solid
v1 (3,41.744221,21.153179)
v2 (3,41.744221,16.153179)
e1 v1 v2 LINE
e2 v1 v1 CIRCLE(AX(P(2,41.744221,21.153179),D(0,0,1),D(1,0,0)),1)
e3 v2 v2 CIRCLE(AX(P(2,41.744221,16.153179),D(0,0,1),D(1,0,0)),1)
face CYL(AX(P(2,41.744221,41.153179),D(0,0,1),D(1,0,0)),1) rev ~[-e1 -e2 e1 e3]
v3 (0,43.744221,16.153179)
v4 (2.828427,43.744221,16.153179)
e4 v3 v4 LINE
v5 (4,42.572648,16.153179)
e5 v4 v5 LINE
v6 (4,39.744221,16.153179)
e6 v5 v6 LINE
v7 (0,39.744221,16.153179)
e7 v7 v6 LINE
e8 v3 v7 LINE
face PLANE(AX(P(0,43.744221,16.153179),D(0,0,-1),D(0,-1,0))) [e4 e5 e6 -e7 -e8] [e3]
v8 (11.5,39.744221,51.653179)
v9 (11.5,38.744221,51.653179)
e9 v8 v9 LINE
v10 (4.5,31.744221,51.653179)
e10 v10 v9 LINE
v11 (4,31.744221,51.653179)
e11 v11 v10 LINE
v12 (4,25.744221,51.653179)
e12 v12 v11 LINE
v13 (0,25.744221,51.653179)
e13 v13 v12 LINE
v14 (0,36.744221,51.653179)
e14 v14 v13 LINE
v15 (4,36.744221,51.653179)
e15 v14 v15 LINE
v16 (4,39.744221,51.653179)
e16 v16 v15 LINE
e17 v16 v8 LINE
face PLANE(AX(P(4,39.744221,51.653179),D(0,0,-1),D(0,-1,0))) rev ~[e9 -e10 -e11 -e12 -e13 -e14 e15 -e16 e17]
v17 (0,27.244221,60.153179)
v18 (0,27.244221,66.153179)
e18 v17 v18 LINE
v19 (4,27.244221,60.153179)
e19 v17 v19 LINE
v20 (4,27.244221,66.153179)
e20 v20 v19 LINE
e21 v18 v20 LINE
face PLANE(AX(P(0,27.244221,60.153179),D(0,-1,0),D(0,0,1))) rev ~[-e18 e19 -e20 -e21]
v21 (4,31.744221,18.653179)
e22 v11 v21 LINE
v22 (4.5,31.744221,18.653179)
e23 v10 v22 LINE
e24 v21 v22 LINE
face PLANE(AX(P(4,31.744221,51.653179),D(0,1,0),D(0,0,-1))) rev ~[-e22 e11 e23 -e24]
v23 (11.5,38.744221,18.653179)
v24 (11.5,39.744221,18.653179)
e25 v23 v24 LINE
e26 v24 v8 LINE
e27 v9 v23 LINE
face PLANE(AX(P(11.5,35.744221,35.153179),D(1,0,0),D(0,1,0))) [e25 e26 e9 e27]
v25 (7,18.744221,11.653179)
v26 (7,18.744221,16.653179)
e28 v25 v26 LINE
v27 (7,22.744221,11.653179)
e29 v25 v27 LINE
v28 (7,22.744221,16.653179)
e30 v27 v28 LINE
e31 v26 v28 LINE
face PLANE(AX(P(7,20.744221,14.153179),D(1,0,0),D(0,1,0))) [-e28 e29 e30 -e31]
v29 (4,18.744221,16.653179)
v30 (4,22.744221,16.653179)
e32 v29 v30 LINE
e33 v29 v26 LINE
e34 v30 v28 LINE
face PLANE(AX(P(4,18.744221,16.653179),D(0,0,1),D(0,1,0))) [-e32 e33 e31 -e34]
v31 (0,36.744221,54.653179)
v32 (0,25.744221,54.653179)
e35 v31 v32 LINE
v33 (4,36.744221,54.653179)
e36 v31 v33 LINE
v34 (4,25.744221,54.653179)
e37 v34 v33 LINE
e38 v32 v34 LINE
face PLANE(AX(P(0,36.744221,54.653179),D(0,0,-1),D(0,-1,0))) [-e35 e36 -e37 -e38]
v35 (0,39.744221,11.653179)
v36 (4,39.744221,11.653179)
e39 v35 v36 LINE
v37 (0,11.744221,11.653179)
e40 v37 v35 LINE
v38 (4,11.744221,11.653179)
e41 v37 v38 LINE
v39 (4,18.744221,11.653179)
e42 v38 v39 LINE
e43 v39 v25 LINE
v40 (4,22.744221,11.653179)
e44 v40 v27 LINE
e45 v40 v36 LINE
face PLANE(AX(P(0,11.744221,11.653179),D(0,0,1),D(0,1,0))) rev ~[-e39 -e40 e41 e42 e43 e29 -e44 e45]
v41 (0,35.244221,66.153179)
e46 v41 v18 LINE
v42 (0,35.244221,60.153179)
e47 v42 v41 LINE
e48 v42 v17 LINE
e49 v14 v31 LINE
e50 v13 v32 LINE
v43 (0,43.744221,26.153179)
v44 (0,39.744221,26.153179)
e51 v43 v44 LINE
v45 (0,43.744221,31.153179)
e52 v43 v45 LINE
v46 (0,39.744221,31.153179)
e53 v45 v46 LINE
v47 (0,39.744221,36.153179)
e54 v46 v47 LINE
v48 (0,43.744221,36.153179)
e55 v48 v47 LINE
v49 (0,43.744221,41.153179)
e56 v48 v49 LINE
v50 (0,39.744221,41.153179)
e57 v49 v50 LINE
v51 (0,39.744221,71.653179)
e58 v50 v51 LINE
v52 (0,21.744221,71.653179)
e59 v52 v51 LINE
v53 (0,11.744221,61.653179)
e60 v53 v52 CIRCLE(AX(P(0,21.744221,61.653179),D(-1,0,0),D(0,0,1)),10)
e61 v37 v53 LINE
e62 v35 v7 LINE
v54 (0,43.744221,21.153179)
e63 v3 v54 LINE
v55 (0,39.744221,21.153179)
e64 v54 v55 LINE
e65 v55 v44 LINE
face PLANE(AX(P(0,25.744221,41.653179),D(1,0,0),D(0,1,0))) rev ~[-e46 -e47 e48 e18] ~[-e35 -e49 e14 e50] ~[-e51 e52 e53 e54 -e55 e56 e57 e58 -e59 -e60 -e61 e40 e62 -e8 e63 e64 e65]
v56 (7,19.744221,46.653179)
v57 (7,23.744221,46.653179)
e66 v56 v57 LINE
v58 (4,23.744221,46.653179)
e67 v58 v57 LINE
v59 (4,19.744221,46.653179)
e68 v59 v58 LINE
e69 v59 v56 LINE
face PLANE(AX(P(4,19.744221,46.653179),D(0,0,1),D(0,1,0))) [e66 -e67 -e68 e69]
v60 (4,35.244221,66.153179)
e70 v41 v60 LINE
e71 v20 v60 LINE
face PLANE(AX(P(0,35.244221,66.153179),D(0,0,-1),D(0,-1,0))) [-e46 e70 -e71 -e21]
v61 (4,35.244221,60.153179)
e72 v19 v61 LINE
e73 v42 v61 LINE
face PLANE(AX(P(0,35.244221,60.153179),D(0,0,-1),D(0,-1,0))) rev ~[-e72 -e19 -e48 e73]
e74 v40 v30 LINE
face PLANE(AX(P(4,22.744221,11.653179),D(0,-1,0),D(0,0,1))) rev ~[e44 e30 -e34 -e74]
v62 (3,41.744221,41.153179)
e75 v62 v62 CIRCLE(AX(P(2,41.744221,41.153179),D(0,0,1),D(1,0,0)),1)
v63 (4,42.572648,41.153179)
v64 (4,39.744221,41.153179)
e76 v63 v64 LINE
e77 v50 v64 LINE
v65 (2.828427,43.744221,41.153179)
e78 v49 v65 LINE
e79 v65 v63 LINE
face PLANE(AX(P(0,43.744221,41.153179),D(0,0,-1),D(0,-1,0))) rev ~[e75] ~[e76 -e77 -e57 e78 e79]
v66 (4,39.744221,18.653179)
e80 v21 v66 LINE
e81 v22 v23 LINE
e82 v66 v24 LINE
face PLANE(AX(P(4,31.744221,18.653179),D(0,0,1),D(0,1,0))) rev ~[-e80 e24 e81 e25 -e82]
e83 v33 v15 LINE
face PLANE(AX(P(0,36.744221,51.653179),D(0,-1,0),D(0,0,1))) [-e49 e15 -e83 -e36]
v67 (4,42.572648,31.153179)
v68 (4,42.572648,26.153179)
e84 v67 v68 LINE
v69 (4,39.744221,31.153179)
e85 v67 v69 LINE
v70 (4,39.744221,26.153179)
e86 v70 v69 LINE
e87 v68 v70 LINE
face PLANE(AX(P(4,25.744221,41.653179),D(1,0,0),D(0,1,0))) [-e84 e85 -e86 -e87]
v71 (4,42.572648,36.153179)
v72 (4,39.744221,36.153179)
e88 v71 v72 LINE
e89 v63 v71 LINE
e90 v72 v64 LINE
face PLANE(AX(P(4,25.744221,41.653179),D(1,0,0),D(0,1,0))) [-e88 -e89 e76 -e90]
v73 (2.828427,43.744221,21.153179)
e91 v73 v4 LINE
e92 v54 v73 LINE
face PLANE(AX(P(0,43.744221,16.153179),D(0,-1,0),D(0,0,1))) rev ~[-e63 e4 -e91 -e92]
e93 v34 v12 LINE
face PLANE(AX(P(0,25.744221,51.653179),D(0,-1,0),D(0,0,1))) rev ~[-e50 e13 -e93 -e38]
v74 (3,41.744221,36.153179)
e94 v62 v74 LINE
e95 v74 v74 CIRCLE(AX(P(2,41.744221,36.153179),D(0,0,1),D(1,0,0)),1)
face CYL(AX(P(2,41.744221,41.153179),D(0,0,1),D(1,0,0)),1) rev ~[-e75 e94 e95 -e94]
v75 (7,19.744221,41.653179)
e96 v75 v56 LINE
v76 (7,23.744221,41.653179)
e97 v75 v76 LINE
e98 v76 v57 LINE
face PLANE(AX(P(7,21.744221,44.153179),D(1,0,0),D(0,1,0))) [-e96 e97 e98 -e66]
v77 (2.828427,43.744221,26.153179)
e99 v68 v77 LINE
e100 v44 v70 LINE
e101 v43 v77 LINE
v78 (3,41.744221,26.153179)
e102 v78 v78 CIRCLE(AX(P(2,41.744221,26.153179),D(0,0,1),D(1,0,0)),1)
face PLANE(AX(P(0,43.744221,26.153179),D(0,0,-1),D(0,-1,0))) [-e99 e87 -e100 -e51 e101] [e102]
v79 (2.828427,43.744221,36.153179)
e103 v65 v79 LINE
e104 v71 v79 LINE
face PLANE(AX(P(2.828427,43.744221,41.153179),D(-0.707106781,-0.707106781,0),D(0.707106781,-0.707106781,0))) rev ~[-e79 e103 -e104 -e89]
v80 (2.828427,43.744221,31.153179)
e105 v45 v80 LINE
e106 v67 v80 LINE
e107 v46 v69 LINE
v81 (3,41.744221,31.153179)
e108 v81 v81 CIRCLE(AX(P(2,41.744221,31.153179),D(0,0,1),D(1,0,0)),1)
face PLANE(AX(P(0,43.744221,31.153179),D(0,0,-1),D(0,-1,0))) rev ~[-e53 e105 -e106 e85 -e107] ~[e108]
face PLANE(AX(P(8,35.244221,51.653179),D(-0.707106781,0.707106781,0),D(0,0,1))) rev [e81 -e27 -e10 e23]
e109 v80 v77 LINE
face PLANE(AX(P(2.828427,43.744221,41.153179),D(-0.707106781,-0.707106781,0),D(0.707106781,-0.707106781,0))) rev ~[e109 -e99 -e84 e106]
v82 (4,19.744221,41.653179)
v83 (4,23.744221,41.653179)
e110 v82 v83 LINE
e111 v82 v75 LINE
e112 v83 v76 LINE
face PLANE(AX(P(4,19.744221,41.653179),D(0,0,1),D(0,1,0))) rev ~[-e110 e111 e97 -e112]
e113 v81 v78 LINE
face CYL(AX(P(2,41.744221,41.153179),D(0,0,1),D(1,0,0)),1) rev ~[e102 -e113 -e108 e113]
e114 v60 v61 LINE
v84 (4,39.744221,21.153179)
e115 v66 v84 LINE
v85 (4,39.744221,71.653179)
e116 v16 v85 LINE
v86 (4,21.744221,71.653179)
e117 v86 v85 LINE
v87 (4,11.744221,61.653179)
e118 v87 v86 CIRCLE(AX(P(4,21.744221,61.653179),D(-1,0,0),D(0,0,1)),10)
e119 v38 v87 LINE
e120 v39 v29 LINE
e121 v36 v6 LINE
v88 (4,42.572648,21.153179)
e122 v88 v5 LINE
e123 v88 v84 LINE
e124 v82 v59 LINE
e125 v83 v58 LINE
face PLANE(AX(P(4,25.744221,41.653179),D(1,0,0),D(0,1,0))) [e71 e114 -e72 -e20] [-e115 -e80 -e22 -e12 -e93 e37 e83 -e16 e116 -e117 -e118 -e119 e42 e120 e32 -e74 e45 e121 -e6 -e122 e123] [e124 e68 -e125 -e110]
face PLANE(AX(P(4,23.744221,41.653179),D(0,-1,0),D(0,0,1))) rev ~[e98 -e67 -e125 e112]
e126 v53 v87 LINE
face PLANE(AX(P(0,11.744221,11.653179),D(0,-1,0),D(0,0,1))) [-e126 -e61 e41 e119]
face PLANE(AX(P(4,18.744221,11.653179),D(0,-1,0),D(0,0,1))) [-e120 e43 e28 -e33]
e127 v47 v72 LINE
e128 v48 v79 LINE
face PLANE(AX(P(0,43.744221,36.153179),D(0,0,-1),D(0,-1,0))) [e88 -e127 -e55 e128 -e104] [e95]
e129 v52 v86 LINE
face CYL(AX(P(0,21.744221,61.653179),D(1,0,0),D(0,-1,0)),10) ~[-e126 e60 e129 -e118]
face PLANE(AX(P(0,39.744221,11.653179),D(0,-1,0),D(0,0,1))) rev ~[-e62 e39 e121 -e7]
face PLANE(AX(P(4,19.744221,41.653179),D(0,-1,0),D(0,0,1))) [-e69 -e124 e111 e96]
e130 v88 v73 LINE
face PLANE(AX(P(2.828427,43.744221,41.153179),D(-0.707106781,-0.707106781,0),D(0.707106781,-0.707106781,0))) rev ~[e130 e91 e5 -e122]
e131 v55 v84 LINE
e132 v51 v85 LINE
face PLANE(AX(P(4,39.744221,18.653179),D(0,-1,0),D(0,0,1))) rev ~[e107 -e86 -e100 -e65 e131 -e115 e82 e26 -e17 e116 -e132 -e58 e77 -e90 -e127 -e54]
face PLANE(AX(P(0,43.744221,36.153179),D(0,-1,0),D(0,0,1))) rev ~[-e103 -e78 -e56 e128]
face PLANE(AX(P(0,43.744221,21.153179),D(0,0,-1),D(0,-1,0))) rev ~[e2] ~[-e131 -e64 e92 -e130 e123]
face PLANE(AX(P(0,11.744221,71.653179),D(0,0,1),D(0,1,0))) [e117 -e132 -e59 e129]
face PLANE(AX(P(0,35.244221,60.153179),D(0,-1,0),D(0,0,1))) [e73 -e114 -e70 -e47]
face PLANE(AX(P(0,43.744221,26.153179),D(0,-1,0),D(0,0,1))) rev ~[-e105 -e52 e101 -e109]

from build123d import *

# Parameters (mm, degrees)
F0_W      = 28
F0_H      = 60
F1_DEPTH  = 4
F2_W      = 4
F2_H      = 5
F3_DEPTH  = 3
F4_W      = 4
F4_H      = 5
F5_DEPTH  = 4
F6_R      = 1
F7_DEPTH  = 25
F8_R      = 10
F9_W      = 8
F9_H      = 6
F9_R      = 1
F9_W_2    = 11
F9_H_2    = 3
F10_DEPTH = 25
F12_DEPTH = 7.5
F13_SIZE  = 7


with BuildPart() as f1:
    # F0 (on Right) → F1 (new body)
    with BuildSketch(Plane.YZ):
        with Locations((25.744221, 41.653179)):
            Rectangle(F0_W, F0_H)
    extrude(amount=F1_DEPTH)

    # F2 (on face) → F3 (join)
    with BuildSketch(Plane.YZ.offset(4)):
        with Locations((21.744221, 44.153179)):
            Rectangle(F2_W, F2_H)
        with Locations((20.744221, 14.153179)):
            Rectangle(F2_W, F2_H)
    extrude(amount=F3_DEPTH)

    # F4 (on face) → F5 (join)
    with BuildSketch(Plane(origin=(0, 0, 0), x_dir=(0, -1, 0), z_dir=(-1, 0, 0))):
        with Locations((-41.744221, 38.653179)):
            Rectangle(F4_W, F4_H)
        with Locations((-41.744221, 28.653179)):
            Rectangle(F4_W, F4_H)
        with Locations((-41.744221, 18.653179)):
            Rectangle(F4_W, F4_H)
    extrude(amount=-F5_DEPTH)

    # F6 (on face) → F7 (cut)
    with BuildSketch(Plane.XY.offset(41.153179)):
        with Locations((2, 41.744221)):
            Circle(F6_R)
        Polygon((4, 43.744221), (2.828427, 43.744221), (4, 42.572648), align=None)
    extrude(amount=-F7_DEPTH, mode=Mode.SUBTRACT)

    # F8
    f8_edges = [f1.edges().sort_by_distance(p)[0] for p in [
        (2, 11.744221, 71.653179),
    ]]
    fillet(f8_edges, radius=F8_R)

    # F9 (on face) → F10 (cut)
    with BuildSketch(Plane(origin=(0, 0, 0), x_dir=(0, -1, 0), z_dir=(-1, 0, 0))):
        with Locations((-31.244221, 63.153179)):
            Rectangle(F9_W, F9_H)
        with Locations((-31.244221, 63.153179)):
            Circle(F9_R, mode=Mode.SUBTRACT)
        with Locations((-31.244221, 63.153179)):
            Circle(F9_R)
        with Locations((-31.244221, 53.153179)):
            Rectangle(F9_W_2, F9_H_2)
    extrude(amount=-F10_DEPTH, mode=Mode.SUBTRACT)

    # F11 (on face) → F12 (join)
    with BuildSketch(Plane.YZ.offset(4)):
        Polygon((39.744221, 41.153179), (39.744221, 51.653179), (36.744221, 51.653179), (31.744221, 51.653179), (31.744221, 18.653179), (39.744221, 18.653179), (39.744221, 21.153179), (39.744221, 26.153179), (39.744221, 31.153179), (39.744221, 36.153179), align=None)
    extrude(amount=F12_DEPTH)

    # F13
    f13_edges = [f1.edges().sort_by_distance(p)[0] for p in [
        (11.5, 31.744221, 35.153179),
    ]]
    chamfer(f13_edges, length=F13_SIZE)


solid = f1.part
